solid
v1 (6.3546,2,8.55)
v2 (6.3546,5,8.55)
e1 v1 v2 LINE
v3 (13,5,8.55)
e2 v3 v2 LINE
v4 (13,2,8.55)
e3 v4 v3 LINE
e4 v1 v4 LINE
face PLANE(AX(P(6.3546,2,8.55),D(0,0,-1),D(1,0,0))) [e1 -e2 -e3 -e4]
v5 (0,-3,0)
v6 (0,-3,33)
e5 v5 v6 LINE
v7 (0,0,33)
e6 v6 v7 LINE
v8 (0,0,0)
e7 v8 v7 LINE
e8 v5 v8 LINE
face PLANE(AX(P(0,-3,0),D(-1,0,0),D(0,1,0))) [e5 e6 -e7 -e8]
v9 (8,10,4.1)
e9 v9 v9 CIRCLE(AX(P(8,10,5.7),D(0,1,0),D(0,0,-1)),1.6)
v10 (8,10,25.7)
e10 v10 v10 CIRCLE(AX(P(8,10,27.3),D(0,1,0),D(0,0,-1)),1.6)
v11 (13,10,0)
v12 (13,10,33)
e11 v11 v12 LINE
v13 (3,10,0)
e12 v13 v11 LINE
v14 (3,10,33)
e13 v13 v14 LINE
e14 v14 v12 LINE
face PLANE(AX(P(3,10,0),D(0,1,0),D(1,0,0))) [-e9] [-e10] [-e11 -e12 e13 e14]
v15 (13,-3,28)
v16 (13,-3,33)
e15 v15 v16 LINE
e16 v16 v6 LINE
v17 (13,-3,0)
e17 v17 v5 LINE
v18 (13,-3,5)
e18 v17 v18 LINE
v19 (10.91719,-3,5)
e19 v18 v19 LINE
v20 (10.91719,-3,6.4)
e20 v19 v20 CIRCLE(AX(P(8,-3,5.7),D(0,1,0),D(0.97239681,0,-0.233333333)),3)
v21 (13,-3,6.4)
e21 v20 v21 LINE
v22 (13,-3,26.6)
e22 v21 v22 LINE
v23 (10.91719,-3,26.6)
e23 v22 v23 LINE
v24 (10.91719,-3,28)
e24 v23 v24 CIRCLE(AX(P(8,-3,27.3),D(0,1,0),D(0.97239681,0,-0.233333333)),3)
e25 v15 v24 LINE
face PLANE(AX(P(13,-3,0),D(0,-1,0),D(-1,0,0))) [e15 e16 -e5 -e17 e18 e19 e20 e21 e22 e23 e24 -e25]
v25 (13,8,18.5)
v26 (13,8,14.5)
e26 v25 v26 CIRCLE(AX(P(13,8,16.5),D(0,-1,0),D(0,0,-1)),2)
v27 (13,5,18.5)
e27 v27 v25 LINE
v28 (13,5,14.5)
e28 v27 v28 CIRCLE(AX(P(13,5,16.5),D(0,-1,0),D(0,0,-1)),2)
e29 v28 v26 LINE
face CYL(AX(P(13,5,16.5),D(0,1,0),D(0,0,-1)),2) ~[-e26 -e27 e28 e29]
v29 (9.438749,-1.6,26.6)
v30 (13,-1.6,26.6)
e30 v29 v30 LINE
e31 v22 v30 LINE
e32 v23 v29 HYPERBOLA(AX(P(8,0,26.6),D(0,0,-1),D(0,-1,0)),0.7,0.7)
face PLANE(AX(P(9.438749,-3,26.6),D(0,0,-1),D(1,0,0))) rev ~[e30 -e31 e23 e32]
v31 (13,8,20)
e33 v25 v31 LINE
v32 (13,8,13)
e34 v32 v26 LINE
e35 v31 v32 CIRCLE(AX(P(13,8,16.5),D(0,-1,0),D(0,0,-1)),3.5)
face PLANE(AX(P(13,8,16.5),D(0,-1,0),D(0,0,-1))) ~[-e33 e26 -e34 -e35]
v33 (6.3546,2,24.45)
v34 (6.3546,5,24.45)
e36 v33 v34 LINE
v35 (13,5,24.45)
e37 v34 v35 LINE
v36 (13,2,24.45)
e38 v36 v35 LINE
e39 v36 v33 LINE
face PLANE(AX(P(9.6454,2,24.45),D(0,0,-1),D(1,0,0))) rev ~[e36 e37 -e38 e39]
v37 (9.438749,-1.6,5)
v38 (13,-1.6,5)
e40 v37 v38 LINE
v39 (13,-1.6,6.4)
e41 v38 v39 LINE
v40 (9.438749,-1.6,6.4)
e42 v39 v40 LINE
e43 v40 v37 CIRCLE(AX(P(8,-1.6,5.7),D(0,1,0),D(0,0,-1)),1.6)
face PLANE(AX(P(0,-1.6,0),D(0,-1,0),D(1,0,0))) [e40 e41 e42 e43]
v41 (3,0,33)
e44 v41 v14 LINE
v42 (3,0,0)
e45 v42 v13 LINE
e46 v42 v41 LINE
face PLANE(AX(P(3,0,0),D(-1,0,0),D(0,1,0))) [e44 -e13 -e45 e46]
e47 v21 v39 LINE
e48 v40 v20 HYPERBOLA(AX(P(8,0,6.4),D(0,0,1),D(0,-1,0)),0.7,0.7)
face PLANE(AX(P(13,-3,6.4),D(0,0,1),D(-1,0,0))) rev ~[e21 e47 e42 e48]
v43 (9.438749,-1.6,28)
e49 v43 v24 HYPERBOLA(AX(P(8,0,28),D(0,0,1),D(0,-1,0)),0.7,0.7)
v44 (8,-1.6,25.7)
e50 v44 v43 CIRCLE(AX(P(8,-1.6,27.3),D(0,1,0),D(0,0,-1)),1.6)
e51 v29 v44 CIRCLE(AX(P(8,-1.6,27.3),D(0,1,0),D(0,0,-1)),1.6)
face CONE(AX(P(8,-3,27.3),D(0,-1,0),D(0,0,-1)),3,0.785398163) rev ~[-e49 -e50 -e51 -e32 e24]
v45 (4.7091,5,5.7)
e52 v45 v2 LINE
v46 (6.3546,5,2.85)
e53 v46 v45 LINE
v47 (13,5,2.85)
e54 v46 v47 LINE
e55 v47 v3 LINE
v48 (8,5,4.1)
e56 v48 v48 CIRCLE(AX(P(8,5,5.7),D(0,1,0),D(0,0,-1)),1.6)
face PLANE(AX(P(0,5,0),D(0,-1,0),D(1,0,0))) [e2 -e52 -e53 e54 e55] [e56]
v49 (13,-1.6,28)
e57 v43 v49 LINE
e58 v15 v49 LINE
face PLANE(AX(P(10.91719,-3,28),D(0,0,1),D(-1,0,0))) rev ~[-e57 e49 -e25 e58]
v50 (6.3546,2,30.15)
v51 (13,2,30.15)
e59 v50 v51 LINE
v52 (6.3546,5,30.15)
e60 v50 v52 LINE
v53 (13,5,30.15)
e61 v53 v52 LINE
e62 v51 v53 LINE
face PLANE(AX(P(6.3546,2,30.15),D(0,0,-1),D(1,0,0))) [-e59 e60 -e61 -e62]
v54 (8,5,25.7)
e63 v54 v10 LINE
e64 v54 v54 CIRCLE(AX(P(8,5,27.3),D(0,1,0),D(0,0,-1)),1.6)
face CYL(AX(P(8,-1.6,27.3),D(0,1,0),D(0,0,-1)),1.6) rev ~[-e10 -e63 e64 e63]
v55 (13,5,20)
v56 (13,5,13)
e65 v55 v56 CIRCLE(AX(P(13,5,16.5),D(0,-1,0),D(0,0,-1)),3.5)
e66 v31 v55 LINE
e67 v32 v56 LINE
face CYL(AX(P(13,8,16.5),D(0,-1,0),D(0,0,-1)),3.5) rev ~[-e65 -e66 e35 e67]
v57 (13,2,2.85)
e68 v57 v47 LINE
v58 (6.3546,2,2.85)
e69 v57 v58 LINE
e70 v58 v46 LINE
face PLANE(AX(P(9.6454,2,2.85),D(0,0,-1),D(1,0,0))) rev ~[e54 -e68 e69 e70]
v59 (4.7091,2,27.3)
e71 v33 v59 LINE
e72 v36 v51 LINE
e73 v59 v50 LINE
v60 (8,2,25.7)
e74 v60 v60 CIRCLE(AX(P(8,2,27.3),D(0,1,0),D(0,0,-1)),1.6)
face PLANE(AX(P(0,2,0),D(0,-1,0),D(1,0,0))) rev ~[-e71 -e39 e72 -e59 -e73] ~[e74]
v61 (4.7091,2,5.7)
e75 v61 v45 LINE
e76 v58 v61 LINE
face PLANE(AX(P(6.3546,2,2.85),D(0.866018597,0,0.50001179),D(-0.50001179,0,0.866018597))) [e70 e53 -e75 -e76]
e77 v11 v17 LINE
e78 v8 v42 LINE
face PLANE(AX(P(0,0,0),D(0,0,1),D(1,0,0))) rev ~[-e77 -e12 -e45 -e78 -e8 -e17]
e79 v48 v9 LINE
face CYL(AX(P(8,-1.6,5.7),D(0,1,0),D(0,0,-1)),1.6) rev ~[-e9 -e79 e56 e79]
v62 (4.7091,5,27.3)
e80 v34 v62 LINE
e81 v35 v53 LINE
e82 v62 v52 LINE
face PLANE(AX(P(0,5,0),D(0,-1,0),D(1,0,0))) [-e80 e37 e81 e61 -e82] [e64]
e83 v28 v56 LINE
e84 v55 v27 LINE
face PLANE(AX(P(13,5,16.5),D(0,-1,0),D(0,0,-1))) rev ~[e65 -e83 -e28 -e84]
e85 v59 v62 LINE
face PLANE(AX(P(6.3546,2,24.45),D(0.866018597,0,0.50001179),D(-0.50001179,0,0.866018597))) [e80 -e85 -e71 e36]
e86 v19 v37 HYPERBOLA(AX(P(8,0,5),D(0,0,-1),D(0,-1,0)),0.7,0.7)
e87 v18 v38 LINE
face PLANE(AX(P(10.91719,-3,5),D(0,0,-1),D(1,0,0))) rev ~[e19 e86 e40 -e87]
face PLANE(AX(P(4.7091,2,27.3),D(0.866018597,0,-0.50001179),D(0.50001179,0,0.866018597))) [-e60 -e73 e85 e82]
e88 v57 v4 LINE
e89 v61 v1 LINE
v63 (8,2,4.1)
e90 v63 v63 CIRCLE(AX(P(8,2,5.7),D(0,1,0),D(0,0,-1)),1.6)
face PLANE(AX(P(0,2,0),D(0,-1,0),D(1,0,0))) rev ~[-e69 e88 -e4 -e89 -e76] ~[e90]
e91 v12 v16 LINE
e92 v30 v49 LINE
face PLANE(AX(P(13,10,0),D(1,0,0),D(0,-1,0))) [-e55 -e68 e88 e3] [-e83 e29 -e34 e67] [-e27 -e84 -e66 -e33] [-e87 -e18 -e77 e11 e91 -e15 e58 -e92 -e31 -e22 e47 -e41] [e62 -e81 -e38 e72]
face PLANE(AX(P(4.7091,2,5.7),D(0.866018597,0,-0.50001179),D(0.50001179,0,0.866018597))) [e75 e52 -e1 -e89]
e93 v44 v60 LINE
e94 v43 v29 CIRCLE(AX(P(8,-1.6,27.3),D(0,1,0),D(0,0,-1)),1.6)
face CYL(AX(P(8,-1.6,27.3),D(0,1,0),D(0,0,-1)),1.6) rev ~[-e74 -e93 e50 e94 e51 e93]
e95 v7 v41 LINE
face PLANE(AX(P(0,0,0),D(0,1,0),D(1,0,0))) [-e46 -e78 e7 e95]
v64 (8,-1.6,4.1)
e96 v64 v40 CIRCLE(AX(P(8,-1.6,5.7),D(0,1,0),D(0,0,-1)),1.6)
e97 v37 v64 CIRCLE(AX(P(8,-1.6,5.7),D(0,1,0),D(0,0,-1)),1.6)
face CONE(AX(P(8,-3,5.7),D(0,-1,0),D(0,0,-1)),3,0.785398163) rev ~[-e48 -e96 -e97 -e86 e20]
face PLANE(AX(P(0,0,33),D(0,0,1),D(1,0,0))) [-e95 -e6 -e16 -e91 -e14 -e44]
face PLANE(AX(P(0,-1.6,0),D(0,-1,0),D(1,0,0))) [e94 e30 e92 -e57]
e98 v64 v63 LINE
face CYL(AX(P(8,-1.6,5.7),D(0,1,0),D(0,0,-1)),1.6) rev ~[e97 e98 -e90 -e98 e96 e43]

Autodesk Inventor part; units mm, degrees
ref_plane "YZ Plane" through (0, 0, 0) normal (1, 0, 0) x (0, 1, 0)
ref_plane "XZ Plane" through (0, 0, 0) normal (0, 1, 0) x (-1, 0, 0)
sketch "Sketch1" plane through (0, 0, 0) normal (0, 0, 1) x (1, 0, 0)
  line L0 (0, 0) -> (3, 0)
  line L1 (3, 0) -> (3, 10)
  line L2 (3, 10) -> (13, 10)
  line L3 (13, 10) -> (13, -3)
  line L4 (13, -3) -> (0, -3)
  line L5 (0, -3) -> (0, 0)
  dimension "d0" = 10
  dimension "d1" = 3
  dimension "d2" = 3
  dimension "d3" = 10
extrude "Extrusion1" add sketch "Sketch1" along normal blind 33
sketch "Sketch2" plane through (0, -3, 0) normal (0, -1, 0) x (1, 0, 0)
  line L0 (13, 0) -> (3, 0) projected
  line L1 (3, 0) -> (3, 33) projected
  line L2 (13, 33) -> (3, 33) projected
  line L3 (13, 0) -> (13, 33) projected
  line L4 (0, 33) -> (13, 33) projected
  line L5 (6.3546, 24.45) -> (4.7091, 27.3)
  line L6 (4.7091, 27.3) -> (6.3546, 30.15)
  line L7 (6.3546, 30.15) -> (9.6454, 30.15)
  line L8 (9.6454, 30.15) -> (11.2909, 27.3) construction
  line L9 (11.2909, 27.3) -> (9.6454, 24.45) construction
  line L10 (9.6454, 24.45) -> (6.3546, 24.45)
  line L11 (6.3546, 2.85) -> (4.7091, 5.7)
  line L12 (4.7091, 5.7) -> (6.3546, 8.55)
  line L13 (6.3546, 8.55) -> (9.6454, 8.55)
  line L14 (9.6454, 8.55) -> (11.2909, 5.7) construction
  line L15 (11.2909, 5.7) -> (9.6454, 2.85) construction
  line L16 (9.6454, 2.85) -> (6.3546, 2.85)
  line L17 (9.6454, 30.15) -> (9.6454, 24.45) construction
  line L18 (9.6454, 24.45) -> (13, 24.45)
  line L19 (13, 24.45) -> (13, 30.15)
  line L20 (13, 30.15) -> (9.6454, 30.15)
  line L21 (9.6454, 8.55) -> (9.6454, 2.85) construction
  line L22 (9.6454, 2.85) -> (13, 2.85)
  line L23 (13, 2.85) -> (13, 8.55)
  line L24 (13, 8.55) -> (9.6454, 8.55)
  line L25 (13, 0) -> (13, 33) projected
  point P0 (0, 0)
  point P1 (8, 27.3)
  point P2 (8, 5.7)
  point P3 (8, 33)
  point P4 (6.5, 33)
  point P5 (8, 27.3)
  point P6 (8, 5.7)
  point P7 (13, 8.55)
  point P8 (13, 30.15)
  dimension "d6" = 21.6
  dimension "d7" = 5.7
  dimension "d8" = 5.7
  dimension "d19" = 5.7
hole "Hole1" at (8, -3, 27.3) at (8, -3, 5.7) direction (0, 1, 0) diameter 3.2 end through all countersink diameter 6 countersink angle 90
sketch "Sketch3" plane through (0, -3, 0) normal (0, -1, 0) x (1, 0, 0)
  circle A0 centre (8, 27.3) radius 3 projected
  circle A1 centre (8, 5.7) radius 3 projected
  line L0 (0, 0) -> (13, 0) projected
  line L1 (13, 0) -> (13, 33) projected
  line L2 (0, 33) -> (13, 33) projected
  line L3 (0, 0) -> (0, 33) projected
  circle A2 centre (8, 5.7) radius 3 projected
  circle A3 centre (8, 5.7) radius 1.6 projected
  circle A4 centre (8, 27.3) radius 3 projected
  circle A5 centre (8, 27.3) radius 1.6 projected
  line L4 (13, 28) -> (8, 28)
  line L5 (8, 28) -> (8, 26.6)
  line L6 (8, 26.6) -> (13, 26.6)
  line L7 (13, 26.6) -> (13, 28)
  line L8 (13, 6.4) -> (8, 6.4)
  line L9 (8, 6.4) -> (8, 5)
  line L10 (8, 5) -> (13, 5)
  line L11 (13, 5) -> (13, 6.4)
  point P0 (0, 0)
  point P1 (13, 16.5)
  dimension "d16" = 1.4
extrude "Extrusion2" cut sketch "Sketch3" against normal blind 1.4 contours A0 L6 A5 L4 | A0 L4 L1 L6 | A5 L6 L5 L4 | L1 L10 A1 L8 | A1 L10 A3 L8 | A3 L10 L9 L8 picked at (10.0575, 27.1414) picked at (8.5333, 27.3) picked at (10.0575, 5.8586) picked at (8.5333, 5.7)
ref_plane "Work Plane1" through (0, 2, 0) normal (0, -1, 0) x (1, 0, 0)
extrude "Extrusion3" cut sketch "Sketch2" against normal blind 3 from surface at -5 contours L22 L16 L11 L12 L13 L24 L3 | L18 L10 L5 L6 L7 L20 L3
sketch "Sketch4" plane through (13, -3, 0) normal (1, 0, 0) x (0, 0, -1)
  line L0 (0, 13) -> (-33, 13) projected
  line L1 (-16.5, 13) -> (-16.5, 0)
  line L2 (-6.4, 0) -> (-26.6, 0) projected
  line L3 (-14.5, 11) -> (-13, 11)
  line L4 (-13, 11) -> (-13, 8)
  line L5 (-13, 8) -> (-14.5, 8)
  line L6 (-14.5, 8) -> (-14.5, 11)
  point P0 (0, 3)
  dimension "d23" = 3
  dimension "d24" = 1.5
  dimension "d25" = 2
  dimension "d26" = 2
revolve "Revolution1" cut sketch "Sketch4" angle 360 about axis through (13, 10, 16.5) along (0, -1, 0)
equation "\"d7\" = d8"
properties part number "hotend magnet"
